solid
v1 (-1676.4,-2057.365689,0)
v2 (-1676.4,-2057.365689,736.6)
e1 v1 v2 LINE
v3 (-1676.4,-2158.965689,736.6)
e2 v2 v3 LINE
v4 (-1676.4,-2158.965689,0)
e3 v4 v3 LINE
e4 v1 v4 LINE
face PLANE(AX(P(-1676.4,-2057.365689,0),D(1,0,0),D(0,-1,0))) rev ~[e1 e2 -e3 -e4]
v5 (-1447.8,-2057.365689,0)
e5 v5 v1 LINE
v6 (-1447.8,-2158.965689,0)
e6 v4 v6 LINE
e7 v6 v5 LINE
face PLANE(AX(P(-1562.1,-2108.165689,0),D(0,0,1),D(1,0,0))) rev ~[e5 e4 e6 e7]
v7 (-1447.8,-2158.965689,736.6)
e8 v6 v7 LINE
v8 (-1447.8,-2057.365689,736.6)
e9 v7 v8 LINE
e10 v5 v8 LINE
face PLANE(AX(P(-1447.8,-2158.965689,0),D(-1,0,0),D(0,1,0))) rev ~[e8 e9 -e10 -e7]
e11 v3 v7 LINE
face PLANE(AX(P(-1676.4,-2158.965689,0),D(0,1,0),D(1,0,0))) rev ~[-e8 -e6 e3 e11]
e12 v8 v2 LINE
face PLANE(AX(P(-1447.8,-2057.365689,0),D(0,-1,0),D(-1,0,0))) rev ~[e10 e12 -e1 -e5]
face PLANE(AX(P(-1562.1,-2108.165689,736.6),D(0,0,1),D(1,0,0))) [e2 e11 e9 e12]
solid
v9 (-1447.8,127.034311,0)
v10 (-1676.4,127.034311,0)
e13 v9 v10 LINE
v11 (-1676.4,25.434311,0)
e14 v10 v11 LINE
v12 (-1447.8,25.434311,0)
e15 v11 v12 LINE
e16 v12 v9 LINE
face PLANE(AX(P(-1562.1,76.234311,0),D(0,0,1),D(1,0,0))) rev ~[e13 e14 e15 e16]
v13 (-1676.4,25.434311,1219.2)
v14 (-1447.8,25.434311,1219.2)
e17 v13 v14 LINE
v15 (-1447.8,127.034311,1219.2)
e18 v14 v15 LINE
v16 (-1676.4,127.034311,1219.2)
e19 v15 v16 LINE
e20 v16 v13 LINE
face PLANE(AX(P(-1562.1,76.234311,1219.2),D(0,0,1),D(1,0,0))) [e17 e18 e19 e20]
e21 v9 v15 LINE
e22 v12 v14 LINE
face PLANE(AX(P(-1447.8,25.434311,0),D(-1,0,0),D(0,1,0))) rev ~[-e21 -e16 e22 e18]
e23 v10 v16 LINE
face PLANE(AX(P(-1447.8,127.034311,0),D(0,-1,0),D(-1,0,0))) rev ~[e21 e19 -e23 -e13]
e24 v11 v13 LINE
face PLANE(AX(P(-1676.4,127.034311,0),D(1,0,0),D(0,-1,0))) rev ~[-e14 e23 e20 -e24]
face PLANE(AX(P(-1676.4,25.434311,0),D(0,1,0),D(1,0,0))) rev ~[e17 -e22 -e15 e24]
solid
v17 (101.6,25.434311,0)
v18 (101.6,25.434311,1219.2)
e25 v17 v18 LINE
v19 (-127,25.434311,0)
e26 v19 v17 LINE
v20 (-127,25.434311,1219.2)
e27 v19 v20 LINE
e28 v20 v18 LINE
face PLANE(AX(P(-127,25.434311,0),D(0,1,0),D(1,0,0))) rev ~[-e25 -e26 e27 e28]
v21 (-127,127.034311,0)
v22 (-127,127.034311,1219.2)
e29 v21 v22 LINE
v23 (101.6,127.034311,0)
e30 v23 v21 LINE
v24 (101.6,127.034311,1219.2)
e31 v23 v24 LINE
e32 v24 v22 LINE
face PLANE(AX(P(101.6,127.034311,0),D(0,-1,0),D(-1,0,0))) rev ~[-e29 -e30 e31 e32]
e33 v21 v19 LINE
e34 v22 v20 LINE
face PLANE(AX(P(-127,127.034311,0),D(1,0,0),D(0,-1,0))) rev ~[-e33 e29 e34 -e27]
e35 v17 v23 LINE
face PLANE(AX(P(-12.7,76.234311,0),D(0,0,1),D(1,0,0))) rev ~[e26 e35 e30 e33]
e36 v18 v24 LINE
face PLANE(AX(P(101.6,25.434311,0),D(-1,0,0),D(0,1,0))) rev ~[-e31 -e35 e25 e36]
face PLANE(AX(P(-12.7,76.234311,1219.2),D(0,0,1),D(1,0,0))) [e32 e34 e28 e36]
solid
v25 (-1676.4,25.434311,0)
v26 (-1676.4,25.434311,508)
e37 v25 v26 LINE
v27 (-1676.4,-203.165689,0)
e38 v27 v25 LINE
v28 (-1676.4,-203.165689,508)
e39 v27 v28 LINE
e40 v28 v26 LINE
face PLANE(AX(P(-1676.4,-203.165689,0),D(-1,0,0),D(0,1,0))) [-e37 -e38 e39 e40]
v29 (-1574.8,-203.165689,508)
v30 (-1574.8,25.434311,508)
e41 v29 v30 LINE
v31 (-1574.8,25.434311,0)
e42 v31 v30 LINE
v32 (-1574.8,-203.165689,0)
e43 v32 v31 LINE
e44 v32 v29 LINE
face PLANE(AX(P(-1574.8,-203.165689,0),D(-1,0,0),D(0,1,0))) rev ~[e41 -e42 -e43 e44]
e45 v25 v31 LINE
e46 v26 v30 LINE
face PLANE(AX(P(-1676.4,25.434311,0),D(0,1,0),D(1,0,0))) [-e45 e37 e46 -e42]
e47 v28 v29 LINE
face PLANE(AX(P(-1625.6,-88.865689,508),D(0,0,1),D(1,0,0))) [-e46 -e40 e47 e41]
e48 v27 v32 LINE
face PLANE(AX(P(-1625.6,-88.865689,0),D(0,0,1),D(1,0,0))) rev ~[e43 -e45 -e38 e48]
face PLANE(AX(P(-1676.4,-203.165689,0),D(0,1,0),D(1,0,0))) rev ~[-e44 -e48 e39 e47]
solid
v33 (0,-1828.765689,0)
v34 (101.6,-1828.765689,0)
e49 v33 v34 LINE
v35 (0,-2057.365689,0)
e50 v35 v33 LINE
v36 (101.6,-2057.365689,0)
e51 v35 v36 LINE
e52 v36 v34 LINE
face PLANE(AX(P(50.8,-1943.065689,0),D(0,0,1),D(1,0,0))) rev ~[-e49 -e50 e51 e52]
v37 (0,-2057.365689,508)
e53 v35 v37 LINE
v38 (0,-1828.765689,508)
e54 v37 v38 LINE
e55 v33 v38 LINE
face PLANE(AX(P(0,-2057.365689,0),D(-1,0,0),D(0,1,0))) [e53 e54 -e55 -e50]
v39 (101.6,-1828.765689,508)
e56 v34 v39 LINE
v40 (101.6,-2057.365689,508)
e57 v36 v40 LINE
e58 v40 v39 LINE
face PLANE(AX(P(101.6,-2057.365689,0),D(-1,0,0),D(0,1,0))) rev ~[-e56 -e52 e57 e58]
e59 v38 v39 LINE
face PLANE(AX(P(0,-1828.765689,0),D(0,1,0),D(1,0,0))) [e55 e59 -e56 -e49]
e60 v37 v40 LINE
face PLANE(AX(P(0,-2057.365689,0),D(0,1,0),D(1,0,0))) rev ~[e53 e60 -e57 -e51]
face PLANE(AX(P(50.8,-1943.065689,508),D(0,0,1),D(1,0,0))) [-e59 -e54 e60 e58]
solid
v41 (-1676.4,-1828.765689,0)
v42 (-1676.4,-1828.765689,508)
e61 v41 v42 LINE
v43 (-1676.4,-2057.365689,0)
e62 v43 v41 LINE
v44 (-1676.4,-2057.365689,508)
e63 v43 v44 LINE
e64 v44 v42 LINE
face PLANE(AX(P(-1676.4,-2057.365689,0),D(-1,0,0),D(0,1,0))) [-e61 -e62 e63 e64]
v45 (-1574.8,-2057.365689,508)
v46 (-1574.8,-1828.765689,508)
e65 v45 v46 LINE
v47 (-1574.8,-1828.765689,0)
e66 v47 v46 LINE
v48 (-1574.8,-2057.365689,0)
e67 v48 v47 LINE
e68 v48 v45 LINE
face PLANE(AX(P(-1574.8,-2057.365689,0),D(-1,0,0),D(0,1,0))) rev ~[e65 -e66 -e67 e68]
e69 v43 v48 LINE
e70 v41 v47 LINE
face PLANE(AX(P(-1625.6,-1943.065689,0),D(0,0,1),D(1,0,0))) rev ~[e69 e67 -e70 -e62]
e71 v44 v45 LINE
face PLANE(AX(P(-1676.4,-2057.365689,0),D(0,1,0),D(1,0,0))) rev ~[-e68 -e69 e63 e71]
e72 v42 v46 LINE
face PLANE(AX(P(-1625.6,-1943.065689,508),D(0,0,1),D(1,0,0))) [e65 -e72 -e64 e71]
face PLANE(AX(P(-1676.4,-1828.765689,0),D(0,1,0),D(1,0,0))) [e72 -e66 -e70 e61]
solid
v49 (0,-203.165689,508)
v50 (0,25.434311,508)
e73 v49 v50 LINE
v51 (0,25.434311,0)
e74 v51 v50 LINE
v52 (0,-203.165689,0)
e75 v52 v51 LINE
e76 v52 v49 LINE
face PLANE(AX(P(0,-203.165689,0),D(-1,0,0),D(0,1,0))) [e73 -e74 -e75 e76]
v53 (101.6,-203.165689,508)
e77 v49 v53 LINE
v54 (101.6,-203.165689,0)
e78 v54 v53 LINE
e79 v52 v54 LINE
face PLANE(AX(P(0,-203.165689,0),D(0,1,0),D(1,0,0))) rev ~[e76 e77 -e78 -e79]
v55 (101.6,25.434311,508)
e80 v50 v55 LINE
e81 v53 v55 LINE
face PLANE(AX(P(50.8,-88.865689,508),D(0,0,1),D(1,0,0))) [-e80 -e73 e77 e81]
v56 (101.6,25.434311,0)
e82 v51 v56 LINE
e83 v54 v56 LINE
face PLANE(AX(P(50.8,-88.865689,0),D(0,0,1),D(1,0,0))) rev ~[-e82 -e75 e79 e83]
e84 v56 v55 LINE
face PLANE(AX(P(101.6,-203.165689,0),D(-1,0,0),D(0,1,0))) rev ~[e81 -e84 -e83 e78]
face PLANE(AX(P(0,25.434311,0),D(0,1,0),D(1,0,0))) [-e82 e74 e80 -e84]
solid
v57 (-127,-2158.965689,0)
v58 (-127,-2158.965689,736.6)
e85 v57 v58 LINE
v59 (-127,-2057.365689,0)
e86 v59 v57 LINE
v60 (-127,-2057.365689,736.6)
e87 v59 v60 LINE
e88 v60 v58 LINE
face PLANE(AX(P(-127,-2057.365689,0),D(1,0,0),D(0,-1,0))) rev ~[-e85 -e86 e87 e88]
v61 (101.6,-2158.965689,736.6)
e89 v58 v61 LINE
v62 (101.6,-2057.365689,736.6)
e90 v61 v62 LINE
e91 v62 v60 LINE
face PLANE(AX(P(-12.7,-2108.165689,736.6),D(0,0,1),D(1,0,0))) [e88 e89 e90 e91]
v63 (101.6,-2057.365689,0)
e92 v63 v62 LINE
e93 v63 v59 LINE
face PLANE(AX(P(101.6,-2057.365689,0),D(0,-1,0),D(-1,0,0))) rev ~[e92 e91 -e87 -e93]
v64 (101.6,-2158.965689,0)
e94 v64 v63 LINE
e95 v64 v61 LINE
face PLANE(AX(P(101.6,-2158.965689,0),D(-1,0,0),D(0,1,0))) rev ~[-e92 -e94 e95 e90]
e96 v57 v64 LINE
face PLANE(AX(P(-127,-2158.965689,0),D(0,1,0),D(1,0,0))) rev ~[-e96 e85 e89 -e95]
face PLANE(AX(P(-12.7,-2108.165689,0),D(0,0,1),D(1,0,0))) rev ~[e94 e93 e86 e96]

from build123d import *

# Parameters (mm, degrees)
F1_DEPTH = 736.6
F2_DEPTH = 1219.2
F0_W     = 101.6
F0_H     = 228.6
F3_DEPTH = 508


with BuildPart() as f1:
    # F0 (on Top) → F1 (new body)
    with BuildSketch(Plane.XY):
        Polygon((-1447.8, -2158.965689), (-1447.8, -2057.365689), (-1574.8, -2057.365689), (-1676.4, -2057.365689), (-1676.4, -2158.965689), align=None)
        Polygon((101.6, -2158.965689), (101.6, -2057.365689), (0, -2057.365689), (-127, -2057.365689), (-127, -2158.965689), align=None)
    extrude(amount=F1_DEPTH)


with BuildPart() as f2:
    # F0 (on Top) → F2 (new body)
    with BuildSketch(Plane.XY):
        Polygon((-1574.8, 25.434311), (-1447.8, 25.434311), (-1447.8, 127.034311), (-1676.4, 127.034311), (-1676.4, 25.434311), align=None)
        Polygon((-127, 127.034311), (-127, 25.434311), (0, 25.434311), (101.6, 25.434311), (101.6, 127.034311), align=None)
    extrude(amount=F2_DEPTH)


with BuildPart() as f3:
    # F0 (on Top) → F3 (new body)
    with BuildSketch(Plane.XY):
        with Locations((-1625.6, -88.865689)):
            Rectangle(F0_W, F0_H)
        with Locations((50.8, -88.865689)):
            Rectangle(F0_W, F0_H)
        with Locations((-1625.6, -1943.065689)):
            Rectangle(F0_W, F0_H)
        with Locations((50.8, -1943.065689)):
            Rectangle(F0_W, F0_H)
    extrude(amount=F3_DEPTH)


solid = Compound([f1.part, f2.part, f3.part])
